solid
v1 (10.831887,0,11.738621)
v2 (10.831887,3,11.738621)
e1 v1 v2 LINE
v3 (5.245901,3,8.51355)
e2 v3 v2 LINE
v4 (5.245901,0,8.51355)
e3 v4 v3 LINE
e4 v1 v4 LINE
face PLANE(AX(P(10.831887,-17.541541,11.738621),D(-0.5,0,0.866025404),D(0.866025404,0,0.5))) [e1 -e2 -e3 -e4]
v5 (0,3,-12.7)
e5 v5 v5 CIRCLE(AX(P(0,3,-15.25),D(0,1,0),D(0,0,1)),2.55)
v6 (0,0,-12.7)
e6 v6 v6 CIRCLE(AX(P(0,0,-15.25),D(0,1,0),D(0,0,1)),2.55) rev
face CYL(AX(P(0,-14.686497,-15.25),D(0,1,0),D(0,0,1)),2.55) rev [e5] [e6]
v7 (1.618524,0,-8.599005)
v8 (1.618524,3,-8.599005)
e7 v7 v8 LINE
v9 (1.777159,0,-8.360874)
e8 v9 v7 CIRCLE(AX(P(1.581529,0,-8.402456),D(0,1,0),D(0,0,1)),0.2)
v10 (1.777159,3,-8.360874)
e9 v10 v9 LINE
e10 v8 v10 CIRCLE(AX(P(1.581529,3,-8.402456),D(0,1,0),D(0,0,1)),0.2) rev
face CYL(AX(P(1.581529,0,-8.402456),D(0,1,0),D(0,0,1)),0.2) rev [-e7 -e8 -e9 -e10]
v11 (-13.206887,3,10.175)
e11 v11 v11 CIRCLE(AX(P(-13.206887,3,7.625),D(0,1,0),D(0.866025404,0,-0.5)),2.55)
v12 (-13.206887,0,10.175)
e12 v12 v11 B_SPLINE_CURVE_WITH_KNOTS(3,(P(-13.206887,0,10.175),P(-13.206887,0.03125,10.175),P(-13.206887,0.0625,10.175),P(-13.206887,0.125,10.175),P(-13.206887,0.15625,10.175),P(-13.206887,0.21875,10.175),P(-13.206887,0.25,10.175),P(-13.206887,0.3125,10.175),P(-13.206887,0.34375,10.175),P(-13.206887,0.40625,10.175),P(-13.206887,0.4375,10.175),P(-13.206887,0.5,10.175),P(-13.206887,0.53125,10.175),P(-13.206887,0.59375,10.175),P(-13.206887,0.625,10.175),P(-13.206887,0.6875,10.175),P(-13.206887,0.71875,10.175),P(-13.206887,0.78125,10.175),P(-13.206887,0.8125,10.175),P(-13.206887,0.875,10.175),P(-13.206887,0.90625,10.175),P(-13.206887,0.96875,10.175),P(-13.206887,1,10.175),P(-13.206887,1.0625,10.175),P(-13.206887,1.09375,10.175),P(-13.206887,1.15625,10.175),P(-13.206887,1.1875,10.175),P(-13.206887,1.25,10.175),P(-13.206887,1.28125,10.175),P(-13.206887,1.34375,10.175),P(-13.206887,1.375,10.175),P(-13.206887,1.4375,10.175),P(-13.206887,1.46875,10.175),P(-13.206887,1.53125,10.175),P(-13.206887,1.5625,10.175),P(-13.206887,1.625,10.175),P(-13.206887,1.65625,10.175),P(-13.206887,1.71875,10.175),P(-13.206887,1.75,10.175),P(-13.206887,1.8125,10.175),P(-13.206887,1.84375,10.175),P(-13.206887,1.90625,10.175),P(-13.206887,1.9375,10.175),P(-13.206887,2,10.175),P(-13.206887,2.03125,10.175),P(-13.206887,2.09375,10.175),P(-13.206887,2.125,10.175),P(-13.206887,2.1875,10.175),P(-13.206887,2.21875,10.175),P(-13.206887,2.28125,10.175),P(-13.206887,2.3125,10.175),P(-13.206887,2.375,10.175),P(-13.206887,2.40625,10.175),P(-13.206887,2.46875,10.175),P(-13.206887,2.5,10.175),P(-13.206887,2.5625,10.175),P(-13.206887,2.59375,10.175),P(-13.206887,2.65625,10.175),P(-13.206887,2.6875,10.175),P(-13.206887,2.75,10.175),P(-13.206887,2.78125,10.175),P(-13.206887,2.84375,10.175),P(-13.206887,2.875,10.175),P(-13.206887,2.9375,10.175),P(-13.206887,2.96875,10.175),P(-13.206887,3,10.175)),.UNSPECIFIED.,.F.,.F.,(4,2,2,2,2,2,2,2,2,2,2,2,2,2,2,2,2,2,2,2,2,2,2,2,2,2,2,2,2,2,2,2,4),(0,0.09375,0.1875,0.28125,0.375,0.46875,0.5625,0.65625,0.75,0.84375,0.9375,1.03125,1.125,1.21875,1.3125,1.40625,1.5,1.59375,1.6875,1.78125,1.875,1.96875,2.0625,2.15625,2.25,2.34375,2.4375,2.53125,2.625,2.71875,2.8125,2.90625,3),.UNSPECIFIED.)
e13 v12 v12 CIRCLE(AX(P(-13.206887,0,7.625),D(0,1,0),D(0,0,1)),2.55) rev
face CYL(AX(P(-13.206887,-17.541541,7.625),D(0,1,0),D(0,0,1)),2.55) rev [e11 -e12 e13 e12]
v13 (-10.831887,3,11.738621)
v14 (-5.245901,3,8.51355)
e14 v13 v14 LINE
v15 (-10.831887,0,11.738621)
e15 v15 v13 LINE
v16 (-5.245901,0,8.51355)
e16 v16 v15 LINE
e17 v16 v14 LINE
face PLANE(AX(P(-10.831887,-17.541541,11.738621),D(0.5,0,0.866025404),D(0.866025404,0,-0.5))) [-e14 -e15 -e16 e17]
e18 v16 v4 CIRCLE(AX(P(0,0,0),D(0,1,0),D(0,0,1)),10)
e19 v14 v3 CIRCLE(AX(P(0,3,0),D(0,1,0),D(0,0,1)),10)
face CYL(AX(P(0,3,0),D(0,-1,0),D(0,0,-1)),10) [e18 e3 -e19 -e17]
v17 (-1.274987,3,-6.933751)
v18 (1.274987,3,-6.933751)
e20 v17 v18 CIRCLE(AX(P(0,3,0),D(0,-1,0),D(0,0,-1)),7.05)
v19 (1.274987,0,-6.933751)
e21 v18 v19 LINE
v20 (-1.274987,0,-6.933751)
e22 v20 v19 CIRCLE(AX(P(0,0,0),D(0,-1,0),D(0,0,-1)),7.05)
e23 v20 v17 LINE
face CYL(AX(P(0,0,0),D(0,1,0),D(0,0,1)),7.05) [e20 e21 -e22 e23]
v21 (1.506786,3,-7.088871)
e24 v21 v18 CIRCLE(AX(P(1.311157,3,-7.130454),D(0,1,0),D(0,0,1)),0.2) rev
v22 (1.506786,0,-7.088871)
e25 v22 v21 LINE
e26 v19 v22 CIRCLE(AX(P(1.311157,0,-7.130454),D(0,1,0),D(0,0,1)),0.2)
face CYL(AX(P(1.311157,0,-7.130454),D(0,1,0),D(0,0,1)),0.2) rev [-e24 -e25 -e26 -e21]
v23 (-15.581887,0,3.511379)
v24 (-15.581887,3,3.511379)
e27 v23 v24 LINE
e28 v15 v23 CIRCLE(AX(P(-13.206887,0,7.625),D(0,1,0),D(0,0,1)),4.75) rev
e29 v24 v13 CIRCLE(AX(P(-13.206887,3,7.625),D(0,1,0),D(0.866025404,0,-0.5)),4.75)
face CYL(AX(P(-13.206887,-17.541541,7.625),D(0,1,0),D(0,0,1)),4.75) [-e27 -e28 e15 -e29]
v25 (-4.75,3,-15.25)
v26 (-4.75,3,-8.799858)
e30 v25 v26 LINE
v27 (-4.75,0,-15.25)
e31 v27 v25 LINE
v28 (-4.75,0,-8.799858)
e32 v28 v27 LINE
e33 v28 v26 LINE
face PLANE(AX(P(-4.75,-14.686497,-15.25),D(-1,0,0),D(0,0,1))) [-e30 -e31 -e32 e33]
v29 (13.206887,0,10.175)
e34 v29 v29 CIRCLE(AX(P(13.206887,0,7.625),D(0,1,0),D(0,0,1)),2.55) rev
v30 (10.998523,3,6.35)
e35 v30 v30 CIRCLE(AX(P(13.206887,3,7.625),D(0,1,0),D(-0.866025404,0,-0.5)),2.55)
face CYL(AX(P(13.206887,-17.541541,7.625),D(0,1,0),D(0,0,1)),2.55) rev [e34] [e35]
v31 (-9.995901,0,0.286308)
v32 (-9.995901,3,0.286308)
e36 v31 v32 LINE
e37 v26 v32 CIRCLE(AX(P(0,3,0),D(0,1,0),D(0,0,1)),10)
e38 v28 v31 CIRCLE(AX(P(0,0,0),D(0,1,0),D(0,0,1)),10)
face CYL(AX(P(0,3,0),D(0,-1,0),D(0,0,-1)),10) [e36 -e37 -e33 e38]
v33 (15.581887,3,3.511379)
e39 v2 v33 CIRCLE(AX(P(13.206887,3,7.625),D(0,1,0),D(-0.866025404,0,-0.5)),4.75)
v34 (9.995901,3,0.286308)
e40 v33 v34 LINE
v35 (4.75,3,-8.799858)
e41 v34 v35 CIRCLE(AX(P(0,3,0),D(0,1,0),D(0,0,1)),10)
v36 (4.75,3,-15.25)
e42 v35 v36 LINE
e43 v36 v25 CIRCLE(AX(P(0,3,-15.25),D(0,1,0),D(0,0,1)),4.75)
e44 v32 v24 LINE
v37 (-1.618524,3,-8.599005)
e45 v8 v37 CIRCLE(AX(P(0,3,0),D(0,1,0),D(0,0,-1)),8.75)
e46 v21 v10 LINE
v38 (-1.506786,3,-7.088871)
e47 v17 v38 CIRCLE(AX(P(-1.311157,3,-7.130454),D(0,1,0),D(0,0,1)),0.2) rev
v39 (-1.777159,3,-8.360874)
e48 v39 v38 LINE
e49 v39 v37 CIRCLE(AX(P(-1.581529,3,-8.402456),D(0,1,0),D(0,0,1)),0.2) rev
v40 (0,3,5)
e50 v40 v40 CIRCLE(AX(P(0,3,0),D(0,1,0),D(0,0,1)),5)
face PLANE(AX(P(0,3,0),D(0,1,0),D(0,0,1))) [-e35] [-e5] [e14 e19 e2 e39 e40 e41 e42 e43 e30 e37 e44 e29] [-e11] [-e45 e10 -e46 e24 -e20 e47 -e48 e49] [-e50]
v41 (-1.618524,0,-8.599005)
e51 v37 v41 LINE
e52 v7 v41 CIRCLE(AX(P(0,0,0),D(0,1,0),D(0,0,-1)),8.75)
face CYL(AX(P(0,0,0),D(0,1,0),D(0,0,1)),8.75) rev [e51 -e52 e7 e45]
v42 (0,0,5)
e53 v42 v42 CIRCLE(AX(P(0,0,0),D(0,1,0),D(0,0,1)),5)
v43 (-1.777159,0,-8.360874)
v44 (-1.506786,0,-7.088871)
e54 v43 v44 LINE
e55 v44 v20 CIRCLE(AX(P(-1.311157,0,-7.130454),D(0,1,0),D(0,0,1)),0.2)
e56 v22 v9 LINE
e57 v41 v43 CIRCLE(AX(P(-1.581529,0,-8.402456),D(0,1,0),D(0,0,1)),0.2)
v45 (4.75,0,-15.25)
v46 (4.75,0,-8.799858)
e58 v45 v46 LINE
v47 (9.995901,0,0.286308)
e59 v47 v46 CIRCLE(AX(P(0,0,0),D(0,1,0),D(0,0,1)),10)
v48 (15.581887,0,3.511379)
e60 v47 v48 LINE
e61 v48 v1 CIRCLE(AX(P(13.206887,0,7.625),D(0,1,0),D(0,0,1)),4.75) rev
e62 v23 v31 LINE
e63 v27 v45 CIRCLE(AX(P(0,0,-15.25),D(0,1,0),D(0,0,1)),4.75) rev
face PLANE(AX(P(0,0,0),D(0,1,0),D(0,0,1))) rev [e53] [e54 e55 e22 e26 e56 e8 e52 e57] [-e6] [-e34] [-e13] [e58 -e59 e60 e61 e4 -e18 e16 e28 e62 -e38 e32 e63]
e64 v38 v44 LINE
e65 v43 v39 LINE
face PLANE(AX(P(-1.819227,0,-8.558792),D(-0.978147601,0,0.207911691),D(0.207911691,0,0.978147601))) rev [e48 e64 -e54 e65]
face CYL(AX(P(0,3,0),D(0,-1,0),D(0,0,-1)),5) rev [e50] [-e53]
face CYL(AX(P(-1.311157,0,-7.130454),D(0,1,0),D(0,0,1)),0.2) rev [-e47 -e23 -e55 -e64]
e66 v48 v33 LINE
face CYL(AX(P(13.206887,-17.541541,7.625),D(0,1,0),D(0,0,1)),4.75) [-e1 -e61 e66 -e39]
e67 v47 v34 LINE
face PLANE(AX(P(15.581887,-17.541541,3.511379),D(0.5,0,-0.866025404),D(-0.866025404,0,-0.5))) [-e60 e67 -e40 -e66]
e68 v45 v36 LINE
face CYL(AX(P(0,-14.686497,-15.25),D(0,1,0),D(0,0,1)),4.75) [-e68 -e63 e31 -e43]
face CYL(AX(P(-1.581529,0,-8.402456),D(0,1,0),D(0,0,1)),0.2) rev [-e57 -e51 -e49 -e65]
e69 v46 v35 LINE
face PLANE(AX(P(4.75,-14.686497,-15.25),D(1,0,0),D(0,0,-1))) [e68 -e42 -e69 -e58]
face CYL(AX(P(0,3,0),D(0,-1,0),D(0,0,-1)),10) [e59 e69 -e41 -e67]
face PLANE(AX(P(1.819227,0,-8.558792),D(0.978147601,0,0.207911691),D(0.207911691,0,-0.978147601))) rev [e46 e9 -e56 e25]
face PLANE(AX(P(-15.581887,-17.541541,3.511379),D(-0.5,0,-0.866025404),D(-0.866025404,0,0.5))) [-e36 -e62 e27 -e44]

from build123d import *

# Parameters (mm, degrees)
SKETCH1_R           = 10
SKETCH1_R_2         = 5
BOSS_EXTRUDE1_DEPTH = 3
BOSS_EXTRUDE2_START = -3
SKETCH2_R           = 2.55
BOSS_EXTRUDE2_DEPTH = 3
CIRPATTERN1_COUNT   = 3
CUT_EXTRUDE1_DEPTH  = 28.045328716
FILLET1_R           = 0.2


with BuildPart() as part:
    # Sketch1 → Boss-Extrude1 (new body)
    with BuildSketch(Plane(origin=(0, 0, 0), x_dir=(1, 0, 0), z_dir=(0, 1, 0))):
        with Locations(Location((0, 0, 0), (0, 0, 270))):
            Circle(SKETCH1_R)
        with Locations(Location((0, 0, 0), (0, 0, 270))):
            Circle(SKETCH1_R_2, mode=Mode.SUBTRACT)
    extrude(amount=BOSS_EXTRUDE1_DEPTH)

    # Sketch2 → Boss-Extrude2 (add)
    with BuildSketch(Plane(origin=(0, 3, 0), x_dir=(1, 0, 0), z_dir=(0, 1, 0)).offset(BOSS_EXTRUDE2_START)):
        with BuildLine():
            Line((-4.75, 15.25), (-4.75, 8.799857953))
            ThreePointArc((-4.75, 8.799857953), (0, 10), (4.75, 8.799857953))
            Line((4.75, 8.799857953), (4.75, 15.25))
            ThreePointArc((4.75, 15.25), (0, 20), (-4.75, 15.25))
        make_face()
        with Locations(Location((0, 15.25, 0), (0, 0, 270))):
            Circle(SKETCH2_R, mode=Mode.SUBTRACT)
    boss_extrude2 = extrude(amount=BOSS_EXTRUDE2_DEPTH)

    # CirPattern1: Boss-Extrude2 ×3 about axis
    cirpattern1_axis = Axis((0, 0, 0), (0, 1, 0))
    for i in range(1, CIRPATTERN1_COUNT):
        add(boss_extrude2.rotate(cirpattern1_axis, i * 360 / CIRPATTERN1_COUNT))

    # Sketch3 → Cut-Extrude1 (cut, through all)
    with BuildSketch(Plane(origin=(0, 3, 0), x_dir=(1, 0, 0), z_dir=(0, 1, 0))):
        with BuildLine():
            Line((-1.819227295, 8.558791506), (-1.46577742, 6.895940585))
            ThreePointArc((-1.46577742, 6.895940585), (0, 7.05), (1.46577742, 6.895940585))
            Line((1.46577742, 6.895940585), (1.819227295, 8.558791506))
            ThreePointArc((1.819227295, 8.558791506), (0, 8.75), (-1.819227295, 8.558791506))
        make_face()
    extrude(amount=-CUT_EXTRUDE1_DEPTH, mode=Mode.SUBTRACT)

    # Fillet1
    fillet1_edges = [part.edges().sort_by_distance(p)[0] for p in [
        (1.46577742, 1.5, -6.895940585),
        (-1.46577742, 1.5, -6.895940585),
        (-1.819227295, 1.5, -8.558791506),
        (1.819227295, 1.5, -8.558791506),
    ]]
    fillet(fillet1_edges, radius=FILLET1_R)


solid = part.part
